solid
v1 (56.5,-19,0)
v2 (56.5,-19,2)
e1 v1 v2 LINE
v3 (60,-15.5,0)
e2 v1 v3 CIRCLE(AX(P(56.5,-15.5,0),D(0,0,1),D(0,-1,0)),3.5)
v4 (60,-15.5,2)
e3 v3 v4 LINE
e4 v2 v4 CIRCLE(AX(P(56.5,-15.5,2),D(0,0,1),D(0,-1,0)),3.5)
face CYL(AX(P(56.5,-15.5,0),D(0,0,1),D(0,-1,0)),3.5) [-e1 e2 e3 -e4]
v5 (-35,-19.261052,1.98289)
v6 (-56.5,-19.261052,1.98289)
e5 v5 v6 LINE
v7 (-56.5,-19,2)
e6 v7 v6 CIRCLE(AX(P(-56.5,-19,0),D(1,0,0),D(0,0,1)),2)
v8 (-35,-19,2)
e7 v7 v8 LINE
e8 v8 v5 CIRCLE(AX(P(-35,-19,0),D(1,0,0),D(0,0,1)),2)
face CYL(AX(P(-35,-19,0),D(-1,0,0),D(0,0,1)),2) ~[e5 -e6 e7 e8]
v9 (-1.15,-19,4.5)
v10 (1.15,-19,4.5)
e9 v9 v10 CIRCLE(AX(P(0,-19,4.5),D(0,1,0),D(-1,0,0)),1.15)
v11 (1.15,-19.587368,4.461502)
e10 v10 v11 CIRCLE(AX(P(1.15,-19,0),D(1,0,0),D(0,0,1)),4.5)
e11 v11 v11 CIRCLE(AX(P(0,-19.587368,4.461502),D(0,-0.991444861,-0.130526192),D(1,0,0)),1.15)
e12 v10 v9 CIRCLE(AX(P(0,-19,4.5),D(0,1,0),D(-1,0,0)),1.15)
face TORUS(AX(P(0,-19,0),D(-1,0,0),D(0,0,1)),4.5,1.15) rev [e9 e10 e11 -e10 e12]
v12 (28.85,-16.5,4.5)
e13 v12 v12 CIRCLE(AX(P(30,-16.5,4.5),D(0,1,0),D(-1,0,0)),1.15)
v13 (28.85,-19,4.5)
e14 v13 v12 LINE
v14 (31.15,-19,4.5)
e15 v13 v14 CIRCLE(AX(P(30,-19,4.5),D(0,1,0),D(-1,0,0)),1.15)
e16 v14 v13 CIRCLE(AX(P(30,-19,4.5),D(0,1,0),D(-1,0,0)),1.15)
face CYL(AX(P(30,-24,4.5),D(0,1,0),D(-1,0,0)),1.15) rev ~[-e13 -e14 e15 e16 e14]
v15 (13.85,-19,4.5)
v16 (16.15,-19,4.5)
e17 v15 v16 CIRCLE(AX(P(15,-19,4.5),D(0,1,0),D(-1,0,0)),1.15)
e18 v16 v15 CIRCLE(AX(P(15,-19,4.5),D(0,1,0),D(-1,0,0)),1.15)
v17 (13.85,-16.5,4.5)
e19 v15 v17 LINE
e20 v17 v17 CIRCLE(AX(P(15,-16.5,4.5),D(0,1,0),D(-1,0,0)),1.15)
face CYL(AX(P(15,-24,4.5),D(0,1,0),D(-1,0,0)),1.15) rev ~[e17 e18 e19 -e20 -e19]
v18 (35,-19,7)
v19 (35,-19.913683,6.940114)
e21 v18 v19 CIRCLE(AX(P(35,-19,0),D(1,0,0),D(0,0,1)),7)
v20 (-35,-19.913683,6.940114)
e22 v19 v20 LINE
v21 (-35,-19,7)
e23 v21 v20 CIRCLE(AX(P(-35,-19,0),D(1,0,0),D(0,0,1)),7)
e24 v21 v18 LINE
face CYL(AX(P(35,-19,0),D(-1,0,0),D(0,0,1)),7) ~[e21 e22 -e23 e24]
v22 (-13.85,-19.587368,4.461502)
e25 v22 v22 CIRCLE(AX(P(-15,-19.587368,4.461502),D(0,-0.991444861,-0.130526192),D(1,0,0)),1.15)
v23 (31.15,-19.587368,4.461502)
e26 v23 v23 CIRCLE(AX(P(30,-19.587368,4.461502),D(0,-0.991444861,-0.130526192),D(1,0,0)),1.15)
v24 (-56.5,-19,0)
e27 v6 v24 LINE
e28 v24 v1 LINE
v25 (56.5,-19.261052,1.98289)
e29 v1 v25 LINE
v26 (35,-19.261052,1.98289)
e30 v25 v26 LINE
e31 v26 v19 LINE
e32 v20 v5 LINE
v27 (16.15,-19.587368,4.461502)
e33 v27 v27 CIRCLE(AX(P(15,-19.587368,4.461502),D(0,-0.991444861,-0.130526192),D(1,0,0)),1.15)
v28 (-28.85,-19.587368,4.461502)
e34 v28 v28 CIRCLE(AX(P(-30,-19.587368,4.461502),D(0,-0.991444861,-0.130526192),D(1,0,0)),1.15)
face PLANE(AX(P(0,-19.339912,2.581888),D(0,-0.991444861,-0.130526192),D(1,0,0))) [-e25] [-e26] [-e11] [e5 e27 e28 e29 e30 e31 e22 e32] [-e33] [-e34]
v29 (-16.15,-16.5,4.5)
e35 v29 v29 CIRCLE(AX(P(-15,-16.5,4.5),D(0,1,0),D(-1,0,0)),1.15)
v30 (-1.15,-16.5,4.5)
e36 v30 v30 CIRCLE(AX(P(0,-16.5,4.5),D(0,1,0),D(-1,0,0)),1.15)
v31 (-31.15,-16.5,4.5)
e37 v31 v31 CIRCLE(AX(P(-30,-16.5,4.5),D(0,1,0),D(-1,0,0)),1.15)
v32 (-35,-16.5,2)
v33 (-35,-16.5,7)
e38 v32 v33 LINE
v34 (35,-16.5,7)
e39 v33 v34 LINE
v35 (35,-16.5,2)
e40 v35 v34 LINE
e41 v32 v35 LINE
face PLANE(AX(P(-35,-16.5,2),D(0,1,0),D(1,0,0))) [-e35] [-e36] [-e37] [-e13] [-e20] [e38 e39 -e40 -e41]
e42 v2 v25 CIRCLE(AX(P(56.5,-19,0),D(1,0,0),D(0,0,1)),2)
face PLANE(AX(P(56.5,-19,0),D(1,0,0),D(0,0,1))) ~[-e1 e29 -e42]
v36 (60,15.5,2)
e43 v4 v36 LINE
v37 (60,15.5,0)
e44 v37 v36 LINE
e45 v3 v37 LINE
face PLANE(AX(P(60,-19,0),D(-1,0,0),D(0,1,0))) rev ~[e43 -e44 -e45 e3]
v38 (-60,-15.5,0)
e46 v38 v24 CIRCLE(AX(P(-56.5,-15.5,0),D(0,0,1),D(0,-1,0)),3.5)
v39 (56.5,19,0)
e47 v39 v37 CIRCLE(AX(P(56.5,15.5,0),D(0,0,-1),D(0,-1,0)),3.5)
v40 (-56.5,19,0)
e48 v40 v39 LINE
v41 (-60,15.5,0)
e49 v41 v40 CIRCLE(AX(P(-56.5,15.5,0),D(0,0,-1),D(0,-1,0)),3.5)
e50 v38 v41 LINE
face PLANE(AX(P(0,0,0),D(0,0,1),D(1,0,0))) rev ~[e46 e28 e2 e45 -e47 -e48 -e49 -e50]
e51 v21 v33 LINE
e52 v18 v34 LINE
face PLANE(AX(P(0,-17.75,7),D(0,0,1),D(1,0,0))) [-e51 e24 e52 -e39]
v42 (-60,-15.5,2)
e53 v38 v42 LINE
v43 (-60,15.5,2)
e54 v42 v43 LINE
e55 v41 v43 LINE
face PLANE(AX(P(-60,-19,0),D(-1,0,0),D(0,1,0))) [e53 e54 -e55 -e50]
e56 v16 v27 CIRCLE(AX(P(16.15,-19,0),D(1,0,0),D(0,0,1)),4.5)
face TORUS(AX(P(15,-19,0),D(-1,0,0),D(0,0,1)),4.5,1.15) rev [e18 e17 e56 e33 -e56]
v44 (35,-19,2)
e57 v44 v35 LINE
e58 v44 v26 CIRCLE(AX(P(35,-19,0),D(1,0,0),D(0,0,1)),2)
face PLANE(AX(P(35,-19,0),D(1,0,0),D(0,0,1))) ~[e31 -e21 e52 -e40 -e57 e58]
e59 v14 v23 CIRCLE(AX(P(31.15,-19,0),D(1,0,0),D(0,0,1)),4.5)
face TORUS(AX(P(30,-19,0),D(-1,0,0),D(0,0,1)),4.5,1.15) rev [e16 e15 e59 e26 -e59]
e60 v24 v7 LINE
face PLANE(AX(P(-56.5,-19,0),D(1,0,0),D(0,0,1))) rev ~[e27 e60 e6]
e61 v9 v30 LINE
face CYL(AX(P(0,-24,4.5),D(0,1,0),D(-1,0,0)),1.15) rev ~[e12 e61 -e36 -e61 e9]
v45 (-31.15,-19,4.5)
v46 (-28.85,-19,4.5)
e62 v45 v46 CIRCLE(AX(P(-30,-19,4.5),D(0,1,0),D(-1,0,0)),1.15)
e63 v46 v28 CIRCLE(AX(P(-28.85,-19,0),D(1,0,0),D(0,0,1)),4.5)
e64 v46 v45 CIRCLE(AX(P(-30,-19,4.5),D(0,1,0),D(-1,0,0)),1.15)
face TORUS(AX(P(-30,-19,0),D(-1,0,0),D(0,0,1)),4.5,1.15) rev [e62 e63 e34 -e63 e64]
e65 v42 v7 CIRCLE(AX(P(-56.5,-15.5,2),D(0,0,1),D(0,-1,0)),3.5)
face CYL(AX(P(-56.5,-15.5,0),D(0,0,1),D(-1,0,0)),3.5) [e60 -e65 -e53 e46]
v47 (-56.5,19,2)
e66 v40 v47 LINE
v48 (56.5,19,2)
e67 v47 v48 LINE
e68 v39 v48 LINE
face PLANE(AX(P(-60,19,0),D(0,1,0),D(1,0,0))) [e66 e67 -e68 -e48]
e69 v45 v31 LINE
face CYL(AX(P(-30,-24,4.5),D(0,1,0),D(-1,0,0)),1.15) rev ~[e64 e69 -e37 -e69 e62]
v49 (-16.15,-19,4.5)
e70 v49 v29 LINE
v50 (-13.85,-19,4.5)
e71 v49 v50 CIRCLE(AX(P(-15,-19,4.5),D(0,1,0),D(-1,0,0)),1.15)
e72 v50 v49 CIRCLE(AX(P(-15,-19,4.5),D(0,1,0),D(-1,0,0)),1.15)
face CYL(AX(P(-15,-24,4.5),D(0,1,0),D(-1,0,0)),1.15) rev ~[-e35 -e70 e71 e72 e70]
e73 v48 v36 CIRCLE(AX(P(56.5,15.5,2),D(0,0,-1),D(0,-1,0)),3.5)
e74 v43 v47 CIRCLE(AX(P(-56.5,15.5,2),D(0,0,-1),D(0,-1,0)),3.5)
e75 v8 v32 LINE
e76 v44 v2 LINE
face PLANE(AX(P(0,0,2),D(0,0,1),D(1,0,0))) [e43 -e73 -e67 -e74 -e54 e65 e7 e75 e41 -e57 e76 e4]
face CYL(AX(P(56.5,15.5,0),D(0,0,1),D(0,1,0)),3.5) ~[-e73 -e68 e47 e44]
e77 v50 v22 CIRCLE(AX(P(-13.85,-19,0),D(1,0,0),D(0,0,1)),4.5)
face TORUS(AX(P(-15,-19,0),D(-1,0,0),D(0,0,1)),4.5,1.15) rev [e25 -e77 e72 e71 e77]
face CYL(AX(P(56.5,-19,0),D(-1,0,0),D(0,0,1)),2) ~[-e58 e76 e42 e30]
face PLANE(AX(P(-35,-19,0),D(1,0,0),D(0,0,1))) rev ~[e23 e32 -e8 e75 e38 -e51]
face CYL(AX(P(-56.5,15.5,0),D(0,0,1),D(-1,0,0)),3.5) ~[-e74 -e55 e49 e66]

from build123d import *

# Parameters (mm, degrees)
F0_W      = 120
F0_H      = 38
F1_DEPTH  = 2
F2_W      = 70
F2_H      = 2.5
F3_DEPTH  = 5
F5_D      = 2.3
F5_DEPTH  = 5
F6_R      = 3.5
F3_FACE_R = 1.15
F7_ANGLE  = -7.5


with BuildPart() as f1:
    # F0 (on Top) → F1 (new body)
    with BuildSketch(Plane.XY):
        Rectangle(F0_W, F0_H)
    extrude(amount=F1_DEPTH)

    # F2 (on face) → F3 (join)
    with BuildSketch(Plane.XY.offset(2)):
        with Locations((0, -17.75)):
            Rectangle(F2_W, F2_H)
    extrude(amount=F3_DEPTH)

    # F5
    with Locations(Plane.XZ.offset(19)):
        with Locations((-30, 4.5), (-15, 4.5), (0, 4.5), (15, 4.5), (30, 4.5)):
            Hole(F5_D / 2, depth=F5_DEPTH)

    # F6
    f6_edges = [f1.edges().sort_by_distance(p)[0] for p in [
        (-60, -19, 1),
        (-60, 19, 1),
        (60, 19, 1),
        (60, -19, 1),
    ]]
    fillet(f6_edges, radius=F6_R)

    # F3_face (on face) → F7 (revolve)
    with BuildSketch(Plane(origin=(0, -19, 3.076271), x_dir=(1, 0, 0), z_dir=(0, -1, 0))):
        Polygon((-56.5, -3.076271), (56.5, -3.076271), (56.5, -1.076271), (35, -1.076271), (35, 3.923729), (-35, 3.923729), (-35, -1.076271), (-56.5, -1.076271), align=None)
        with Locations((-30, 1.423729)):
            Circle(F3_FACE_R, mode=Mode.SUBTRACT)
        with Locations((-15, 1.423729)):
            Circle(F3_FACE_R, mode=Mode.SUBTRACT)
        with Locations((0, 1.423729)):
            Circle(F3_FACE_R, mode=Mode.SUBTRACT)
        with Locations((15, 1.423729)):
            Circle(F3_FACE_R, mode=Mode.SUBTRACT)
        with Locations((30, 1.423729)):
            Circle(F3_FACE_R, mode=Mode.SUBTRACT)
    revolve(axis=Axis((0, -19, 0), (-1, 0, 0)), revolution_arc=F7_ANGLE)


solid = f1.part
